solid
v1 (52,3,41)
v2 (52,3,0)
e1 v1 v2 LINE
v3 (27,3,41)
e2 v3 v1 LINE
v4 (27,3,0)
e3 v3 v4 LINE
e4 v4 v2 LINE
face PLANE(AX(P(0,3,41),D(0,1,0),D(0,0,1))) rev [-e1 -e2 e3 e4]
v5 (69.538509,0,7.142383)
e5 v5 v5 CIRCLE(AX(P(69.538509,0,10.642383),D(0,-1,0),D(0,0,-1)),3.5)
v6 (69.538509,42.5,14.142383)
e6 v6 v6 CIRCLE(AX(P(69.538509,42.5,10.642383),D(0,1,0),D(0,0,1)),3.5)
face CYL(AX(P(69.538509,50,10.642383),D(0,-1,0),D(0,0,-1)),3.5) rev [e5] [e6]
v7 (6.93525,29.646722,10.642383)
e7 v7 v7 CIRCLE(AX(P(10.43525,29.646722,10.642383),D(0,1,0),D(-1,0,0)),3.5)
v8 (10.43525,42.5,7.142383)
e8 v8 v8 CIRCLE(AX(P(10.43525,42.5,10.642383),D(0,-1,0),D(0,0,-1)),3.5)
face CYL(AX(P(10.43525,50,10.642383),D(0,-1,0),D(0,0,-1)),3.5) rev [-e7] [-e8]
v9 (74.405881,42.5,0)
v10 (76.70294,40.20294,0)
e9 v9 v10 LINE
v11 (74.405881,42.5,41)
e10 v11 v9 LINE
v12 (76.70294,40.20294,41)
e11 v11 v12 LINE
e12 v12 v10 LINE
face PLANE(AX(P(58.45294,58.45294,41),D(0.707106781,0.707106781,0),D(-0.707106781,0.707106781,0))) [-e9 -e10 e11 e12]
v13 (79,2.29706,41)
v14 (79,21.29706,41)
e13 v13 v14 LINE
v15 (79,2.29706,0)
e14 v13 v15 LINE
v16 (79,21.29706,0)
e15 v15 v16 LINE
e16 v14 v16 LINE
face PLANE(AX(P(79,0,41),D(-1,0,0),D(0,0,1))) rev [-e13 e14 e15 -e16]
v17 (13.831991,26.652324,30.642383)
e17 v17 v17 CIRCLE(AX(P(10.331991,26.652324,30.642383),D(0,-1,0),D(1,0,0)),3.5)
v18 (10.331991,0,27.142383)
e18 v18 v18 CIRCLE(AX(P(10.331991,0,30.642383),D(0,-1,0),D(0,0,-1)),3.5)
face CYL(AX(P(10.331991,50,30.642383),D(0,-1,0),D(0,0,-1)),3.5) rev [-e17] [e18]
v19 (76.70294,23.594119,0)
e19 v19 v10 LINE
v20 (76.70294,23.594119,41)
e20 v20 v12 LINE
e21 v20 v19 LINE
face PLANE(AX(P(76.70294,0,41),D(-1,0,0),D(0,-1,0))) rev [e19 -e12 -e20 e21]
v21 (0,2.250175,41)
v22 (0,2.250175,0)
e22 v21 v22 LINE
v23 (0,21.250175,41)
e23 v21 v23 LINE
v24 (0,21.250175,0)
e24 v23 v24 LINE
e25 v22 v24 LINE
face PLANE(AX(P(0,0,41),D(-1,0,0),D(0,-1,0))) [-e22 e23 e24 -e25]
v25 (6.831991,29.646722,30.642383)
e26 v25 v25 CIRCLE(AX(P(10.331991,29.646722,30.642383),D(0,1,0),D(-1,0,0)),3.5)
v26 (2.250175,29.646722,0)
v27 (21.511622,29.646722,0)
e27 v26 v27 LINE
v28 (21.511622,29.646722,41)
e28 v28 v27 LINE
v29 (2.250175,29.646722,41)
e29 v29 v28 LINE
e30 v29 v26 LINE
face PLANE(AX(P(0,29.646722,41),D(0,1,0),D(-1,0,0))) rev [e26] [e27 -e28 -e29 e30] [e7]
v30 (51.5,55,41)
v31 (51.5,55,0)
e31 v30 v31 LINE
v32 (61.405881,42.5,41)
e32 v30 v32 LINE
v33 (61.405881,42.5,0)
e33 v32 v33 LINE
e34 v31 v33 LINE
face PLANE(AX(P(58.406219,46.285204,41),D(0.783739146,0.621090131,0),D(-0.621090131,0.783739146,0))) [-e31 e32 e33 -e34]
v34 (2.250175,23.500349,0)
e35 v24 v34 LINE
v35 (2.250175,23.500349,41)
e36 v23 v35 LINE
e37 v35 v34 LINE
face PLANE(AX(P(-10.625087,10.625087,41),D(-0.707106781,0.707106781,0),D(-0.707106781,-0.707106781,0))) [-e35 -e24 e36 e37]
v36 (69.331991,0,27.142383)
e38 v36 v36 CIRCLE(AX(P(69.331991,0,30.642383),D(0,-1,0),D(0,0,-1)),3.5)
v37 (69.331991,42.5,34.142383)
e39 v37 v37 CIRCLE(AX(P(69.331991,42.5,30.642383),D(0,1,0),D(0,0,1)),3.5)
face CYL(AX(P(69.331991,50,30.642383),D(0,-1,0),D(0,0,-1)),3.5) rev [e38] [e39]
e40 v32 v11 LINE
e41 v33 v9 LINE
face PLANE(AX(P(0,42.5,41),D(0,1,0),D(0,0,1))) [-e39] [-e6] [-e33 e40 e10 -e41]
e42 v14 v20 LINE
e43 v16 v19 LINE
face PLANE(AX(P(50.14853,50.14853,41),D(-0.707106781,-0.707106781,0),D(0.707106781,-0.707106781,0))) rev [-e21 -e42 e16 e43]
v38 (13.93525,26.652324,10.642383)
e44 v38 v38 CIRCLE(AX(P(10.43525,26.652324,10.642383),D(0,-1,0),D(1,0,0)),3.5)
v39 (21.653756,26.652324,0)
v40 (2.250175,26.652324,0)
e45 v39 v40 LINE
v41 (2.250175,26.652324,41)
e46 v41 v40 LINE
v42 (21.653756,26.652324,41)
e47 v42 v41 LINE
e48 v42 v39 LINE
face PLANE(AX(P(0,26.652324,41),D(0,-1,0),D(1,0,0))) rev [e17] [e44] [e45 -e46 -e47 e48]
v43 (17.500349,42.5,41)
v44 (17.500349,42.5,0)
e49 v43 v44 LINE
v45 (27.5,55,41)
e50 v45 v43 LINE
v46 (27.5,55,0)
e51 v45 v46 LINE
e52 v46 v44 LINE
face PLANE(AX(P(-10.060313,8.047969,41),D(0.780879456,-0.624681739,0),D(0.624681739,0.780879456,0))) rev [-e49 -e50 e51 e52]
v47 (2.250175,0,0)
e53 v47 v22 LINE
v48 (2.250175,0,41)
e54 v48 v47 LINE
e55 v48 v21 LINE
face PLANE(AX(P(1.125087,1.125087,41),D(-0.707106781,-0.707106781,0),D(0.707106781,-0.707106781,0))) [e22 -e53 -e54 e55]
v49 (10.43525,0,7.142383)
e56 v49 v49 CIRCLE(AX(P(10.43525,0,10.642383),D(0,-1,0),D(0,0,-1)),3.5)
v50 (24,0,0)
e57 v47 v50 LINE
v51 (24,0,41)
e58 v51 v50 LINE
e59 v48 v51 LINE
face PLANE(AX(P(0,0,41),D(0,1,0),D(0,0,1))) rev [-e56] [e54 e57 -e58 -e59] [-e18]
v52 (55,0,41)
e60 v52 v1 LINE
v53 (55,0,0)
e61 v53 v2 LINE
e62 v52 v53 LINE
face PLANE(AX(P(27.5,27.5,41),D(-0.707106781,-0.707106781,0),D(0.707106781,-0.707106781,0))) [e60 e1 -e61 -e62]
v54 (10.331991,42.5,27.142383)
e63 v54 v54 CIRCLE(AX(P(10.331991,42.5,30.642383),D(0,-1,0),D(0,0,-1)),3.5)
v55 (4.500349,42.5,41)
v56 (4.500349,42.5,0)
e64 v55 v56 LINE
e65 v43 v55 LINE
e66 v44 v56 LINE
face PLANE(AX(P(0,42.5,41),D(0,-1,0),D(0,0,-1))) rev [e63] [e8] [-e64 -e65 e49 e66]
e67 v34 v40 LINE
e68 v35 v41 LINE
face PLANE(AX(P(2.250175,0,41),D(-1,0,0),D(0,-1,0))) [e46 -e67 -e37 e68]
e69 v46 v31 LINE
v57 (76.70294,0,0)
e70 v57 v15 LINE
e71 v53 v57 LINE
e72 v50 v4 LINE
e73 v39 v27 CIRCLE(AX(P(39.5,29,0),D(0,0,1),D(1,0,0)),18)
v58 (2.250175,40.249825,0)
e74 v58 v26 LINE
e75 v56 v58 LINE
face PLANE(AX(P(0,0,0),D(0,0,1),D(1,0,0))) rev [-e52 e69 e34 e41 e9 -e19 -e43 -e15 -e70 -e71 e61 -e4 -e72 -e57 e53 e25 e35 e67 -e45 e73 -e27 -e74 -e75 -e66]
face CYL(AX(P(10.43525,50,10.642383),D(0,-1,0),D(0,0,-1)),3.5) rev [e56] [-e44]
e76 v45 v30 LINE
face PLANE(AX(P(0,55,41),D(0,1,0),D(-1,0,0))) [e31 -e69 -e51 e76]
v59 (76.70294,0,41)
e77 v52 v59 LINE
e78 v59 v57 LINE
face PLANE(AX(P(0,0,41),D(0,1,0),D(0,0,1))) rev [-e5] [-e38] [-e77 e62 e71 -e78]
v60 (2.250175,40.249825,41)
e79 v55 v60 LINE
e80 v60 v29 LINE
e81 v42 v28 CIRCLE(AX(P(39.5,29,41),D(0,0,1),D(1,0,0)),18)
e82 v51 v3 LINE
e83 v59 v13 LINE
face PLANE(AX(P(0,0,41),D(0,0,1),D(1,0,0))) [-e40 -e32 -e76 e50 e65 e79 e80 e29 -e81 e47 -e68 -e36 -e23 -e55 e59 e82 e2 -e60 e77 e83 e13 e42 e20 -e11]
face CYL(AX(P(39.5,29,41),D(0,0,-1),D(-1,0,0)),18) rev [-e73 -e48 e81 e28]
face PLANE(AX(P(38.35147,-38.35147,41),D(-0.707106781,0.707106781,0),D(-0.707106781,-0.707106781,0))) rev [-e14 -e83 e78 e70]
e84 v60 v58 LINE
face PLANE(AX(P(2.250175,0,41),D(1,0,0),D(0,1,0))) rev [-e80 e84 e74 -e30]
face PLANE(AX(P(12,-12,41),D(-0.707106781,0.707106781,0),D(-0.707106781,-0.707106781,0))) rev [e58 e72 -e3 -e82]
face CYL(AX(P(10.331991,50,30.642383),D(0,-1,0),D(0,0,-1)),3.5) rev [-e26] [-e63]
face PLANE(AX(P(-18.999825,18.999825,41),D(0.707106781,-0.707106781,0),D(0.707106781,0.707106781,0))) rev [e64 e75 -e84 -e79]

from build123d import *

# Parameters (mm, degrees)
EXTRUDE_5_DEPTH     = 41
SKETCH_2_R          = 3.5
CUT_EXTRUDE_3_DEPTH = 50


with BuildPart() as part:
    # 草图1 → 凸台-拉伸5 (new body)
    with BuildSketch(Plane.XY):
        with BuildLine():
            ThreePointArc((21.653756169, 26.652324316), (57.479756353, 29.853440976), (21.511621785, 29.646721888))
            Line((21.511621785, 29.646721888), (2.250174694, 29.646721888))
            Line((2.250174694, 29.646721888), (2.250174694, 40.249825306))
            Line((2.250174694, 40.249825306), (4.500349388, 42.5))
            Line((4.500349388, 42.5), (17.500349388, 42.5))
            Line((17.500349388, 42.5), (27.5, 55))
            Line((27.5, 55), (51.5, 55))
            Line((51.5, 55), (61.4058809, 42.5))
            Line((61.4058809, 42.5), (74.4058809, 42.5))
            Line((74.4058809, 42.5), (76.70294045, 40.20294045))
            Line((76.70294045, 40.20294045), (76.70294045, 23.5941191))
            Line((76.70294045, 23.5941191), (79, 21.29705955))
            Line((79, 21.29705955), (79, 2.29705955))
            Line((79, 2.29705955), (76.70294045, 0))
            Line((76.70294045, 0), (55, 0))
            Line((55, 0), (52, 3))
            Line((52, 3), (27, 3))
            Line((27, 3), (24, 0))
            Line((24, 0), (2.250174694, 0))
            Line((2.250174694, 0), (0, 2.250174694))
            Line((0, 2.250174694), (0, 21.250174694))
            Line((0, 21.250174694), (2.250174694, 23.500349388))
            Line((2.250174694, 23.500349388), (2.250174694, 26.652324316))
            Line((2.250174694, 26.652324316), (21.653756169, 26.652324316))
        make_face()
    extrude(amount=EXTRUDE_5_DEPTH)

    # 草图2 → 切除-拉伸3 (cut)
    with BuildSketch(Plane(origin=(0, 0, 0), x_dir=(-1, 0, 0), z_dir=(0, -1, 0))):
        with Locations(Location((-10.435250124, -10.64238292, 0), (0, 0, 90))):
            Circle(SKETCH_2_R)
        with Locations(Location((-10.331990941, -30.64238292, 0), (0, 0, 90))):
            Circle(SKETCH_2_R)
        with Locations(Location((-69.331990941, -30.64238292, 0), (0, 0, 90))):
            Circle(SKETCH_2_R)
        with Locations(Location((-69.538509307, -10.64238292, 0), (0, 0, 90))):
            Circle(SKETCH_2_R)
    extrude(amount=-CUT_EXTRUDE_3_DEPTH, mode=Mode.SUBTRACT)


solid = part.part
